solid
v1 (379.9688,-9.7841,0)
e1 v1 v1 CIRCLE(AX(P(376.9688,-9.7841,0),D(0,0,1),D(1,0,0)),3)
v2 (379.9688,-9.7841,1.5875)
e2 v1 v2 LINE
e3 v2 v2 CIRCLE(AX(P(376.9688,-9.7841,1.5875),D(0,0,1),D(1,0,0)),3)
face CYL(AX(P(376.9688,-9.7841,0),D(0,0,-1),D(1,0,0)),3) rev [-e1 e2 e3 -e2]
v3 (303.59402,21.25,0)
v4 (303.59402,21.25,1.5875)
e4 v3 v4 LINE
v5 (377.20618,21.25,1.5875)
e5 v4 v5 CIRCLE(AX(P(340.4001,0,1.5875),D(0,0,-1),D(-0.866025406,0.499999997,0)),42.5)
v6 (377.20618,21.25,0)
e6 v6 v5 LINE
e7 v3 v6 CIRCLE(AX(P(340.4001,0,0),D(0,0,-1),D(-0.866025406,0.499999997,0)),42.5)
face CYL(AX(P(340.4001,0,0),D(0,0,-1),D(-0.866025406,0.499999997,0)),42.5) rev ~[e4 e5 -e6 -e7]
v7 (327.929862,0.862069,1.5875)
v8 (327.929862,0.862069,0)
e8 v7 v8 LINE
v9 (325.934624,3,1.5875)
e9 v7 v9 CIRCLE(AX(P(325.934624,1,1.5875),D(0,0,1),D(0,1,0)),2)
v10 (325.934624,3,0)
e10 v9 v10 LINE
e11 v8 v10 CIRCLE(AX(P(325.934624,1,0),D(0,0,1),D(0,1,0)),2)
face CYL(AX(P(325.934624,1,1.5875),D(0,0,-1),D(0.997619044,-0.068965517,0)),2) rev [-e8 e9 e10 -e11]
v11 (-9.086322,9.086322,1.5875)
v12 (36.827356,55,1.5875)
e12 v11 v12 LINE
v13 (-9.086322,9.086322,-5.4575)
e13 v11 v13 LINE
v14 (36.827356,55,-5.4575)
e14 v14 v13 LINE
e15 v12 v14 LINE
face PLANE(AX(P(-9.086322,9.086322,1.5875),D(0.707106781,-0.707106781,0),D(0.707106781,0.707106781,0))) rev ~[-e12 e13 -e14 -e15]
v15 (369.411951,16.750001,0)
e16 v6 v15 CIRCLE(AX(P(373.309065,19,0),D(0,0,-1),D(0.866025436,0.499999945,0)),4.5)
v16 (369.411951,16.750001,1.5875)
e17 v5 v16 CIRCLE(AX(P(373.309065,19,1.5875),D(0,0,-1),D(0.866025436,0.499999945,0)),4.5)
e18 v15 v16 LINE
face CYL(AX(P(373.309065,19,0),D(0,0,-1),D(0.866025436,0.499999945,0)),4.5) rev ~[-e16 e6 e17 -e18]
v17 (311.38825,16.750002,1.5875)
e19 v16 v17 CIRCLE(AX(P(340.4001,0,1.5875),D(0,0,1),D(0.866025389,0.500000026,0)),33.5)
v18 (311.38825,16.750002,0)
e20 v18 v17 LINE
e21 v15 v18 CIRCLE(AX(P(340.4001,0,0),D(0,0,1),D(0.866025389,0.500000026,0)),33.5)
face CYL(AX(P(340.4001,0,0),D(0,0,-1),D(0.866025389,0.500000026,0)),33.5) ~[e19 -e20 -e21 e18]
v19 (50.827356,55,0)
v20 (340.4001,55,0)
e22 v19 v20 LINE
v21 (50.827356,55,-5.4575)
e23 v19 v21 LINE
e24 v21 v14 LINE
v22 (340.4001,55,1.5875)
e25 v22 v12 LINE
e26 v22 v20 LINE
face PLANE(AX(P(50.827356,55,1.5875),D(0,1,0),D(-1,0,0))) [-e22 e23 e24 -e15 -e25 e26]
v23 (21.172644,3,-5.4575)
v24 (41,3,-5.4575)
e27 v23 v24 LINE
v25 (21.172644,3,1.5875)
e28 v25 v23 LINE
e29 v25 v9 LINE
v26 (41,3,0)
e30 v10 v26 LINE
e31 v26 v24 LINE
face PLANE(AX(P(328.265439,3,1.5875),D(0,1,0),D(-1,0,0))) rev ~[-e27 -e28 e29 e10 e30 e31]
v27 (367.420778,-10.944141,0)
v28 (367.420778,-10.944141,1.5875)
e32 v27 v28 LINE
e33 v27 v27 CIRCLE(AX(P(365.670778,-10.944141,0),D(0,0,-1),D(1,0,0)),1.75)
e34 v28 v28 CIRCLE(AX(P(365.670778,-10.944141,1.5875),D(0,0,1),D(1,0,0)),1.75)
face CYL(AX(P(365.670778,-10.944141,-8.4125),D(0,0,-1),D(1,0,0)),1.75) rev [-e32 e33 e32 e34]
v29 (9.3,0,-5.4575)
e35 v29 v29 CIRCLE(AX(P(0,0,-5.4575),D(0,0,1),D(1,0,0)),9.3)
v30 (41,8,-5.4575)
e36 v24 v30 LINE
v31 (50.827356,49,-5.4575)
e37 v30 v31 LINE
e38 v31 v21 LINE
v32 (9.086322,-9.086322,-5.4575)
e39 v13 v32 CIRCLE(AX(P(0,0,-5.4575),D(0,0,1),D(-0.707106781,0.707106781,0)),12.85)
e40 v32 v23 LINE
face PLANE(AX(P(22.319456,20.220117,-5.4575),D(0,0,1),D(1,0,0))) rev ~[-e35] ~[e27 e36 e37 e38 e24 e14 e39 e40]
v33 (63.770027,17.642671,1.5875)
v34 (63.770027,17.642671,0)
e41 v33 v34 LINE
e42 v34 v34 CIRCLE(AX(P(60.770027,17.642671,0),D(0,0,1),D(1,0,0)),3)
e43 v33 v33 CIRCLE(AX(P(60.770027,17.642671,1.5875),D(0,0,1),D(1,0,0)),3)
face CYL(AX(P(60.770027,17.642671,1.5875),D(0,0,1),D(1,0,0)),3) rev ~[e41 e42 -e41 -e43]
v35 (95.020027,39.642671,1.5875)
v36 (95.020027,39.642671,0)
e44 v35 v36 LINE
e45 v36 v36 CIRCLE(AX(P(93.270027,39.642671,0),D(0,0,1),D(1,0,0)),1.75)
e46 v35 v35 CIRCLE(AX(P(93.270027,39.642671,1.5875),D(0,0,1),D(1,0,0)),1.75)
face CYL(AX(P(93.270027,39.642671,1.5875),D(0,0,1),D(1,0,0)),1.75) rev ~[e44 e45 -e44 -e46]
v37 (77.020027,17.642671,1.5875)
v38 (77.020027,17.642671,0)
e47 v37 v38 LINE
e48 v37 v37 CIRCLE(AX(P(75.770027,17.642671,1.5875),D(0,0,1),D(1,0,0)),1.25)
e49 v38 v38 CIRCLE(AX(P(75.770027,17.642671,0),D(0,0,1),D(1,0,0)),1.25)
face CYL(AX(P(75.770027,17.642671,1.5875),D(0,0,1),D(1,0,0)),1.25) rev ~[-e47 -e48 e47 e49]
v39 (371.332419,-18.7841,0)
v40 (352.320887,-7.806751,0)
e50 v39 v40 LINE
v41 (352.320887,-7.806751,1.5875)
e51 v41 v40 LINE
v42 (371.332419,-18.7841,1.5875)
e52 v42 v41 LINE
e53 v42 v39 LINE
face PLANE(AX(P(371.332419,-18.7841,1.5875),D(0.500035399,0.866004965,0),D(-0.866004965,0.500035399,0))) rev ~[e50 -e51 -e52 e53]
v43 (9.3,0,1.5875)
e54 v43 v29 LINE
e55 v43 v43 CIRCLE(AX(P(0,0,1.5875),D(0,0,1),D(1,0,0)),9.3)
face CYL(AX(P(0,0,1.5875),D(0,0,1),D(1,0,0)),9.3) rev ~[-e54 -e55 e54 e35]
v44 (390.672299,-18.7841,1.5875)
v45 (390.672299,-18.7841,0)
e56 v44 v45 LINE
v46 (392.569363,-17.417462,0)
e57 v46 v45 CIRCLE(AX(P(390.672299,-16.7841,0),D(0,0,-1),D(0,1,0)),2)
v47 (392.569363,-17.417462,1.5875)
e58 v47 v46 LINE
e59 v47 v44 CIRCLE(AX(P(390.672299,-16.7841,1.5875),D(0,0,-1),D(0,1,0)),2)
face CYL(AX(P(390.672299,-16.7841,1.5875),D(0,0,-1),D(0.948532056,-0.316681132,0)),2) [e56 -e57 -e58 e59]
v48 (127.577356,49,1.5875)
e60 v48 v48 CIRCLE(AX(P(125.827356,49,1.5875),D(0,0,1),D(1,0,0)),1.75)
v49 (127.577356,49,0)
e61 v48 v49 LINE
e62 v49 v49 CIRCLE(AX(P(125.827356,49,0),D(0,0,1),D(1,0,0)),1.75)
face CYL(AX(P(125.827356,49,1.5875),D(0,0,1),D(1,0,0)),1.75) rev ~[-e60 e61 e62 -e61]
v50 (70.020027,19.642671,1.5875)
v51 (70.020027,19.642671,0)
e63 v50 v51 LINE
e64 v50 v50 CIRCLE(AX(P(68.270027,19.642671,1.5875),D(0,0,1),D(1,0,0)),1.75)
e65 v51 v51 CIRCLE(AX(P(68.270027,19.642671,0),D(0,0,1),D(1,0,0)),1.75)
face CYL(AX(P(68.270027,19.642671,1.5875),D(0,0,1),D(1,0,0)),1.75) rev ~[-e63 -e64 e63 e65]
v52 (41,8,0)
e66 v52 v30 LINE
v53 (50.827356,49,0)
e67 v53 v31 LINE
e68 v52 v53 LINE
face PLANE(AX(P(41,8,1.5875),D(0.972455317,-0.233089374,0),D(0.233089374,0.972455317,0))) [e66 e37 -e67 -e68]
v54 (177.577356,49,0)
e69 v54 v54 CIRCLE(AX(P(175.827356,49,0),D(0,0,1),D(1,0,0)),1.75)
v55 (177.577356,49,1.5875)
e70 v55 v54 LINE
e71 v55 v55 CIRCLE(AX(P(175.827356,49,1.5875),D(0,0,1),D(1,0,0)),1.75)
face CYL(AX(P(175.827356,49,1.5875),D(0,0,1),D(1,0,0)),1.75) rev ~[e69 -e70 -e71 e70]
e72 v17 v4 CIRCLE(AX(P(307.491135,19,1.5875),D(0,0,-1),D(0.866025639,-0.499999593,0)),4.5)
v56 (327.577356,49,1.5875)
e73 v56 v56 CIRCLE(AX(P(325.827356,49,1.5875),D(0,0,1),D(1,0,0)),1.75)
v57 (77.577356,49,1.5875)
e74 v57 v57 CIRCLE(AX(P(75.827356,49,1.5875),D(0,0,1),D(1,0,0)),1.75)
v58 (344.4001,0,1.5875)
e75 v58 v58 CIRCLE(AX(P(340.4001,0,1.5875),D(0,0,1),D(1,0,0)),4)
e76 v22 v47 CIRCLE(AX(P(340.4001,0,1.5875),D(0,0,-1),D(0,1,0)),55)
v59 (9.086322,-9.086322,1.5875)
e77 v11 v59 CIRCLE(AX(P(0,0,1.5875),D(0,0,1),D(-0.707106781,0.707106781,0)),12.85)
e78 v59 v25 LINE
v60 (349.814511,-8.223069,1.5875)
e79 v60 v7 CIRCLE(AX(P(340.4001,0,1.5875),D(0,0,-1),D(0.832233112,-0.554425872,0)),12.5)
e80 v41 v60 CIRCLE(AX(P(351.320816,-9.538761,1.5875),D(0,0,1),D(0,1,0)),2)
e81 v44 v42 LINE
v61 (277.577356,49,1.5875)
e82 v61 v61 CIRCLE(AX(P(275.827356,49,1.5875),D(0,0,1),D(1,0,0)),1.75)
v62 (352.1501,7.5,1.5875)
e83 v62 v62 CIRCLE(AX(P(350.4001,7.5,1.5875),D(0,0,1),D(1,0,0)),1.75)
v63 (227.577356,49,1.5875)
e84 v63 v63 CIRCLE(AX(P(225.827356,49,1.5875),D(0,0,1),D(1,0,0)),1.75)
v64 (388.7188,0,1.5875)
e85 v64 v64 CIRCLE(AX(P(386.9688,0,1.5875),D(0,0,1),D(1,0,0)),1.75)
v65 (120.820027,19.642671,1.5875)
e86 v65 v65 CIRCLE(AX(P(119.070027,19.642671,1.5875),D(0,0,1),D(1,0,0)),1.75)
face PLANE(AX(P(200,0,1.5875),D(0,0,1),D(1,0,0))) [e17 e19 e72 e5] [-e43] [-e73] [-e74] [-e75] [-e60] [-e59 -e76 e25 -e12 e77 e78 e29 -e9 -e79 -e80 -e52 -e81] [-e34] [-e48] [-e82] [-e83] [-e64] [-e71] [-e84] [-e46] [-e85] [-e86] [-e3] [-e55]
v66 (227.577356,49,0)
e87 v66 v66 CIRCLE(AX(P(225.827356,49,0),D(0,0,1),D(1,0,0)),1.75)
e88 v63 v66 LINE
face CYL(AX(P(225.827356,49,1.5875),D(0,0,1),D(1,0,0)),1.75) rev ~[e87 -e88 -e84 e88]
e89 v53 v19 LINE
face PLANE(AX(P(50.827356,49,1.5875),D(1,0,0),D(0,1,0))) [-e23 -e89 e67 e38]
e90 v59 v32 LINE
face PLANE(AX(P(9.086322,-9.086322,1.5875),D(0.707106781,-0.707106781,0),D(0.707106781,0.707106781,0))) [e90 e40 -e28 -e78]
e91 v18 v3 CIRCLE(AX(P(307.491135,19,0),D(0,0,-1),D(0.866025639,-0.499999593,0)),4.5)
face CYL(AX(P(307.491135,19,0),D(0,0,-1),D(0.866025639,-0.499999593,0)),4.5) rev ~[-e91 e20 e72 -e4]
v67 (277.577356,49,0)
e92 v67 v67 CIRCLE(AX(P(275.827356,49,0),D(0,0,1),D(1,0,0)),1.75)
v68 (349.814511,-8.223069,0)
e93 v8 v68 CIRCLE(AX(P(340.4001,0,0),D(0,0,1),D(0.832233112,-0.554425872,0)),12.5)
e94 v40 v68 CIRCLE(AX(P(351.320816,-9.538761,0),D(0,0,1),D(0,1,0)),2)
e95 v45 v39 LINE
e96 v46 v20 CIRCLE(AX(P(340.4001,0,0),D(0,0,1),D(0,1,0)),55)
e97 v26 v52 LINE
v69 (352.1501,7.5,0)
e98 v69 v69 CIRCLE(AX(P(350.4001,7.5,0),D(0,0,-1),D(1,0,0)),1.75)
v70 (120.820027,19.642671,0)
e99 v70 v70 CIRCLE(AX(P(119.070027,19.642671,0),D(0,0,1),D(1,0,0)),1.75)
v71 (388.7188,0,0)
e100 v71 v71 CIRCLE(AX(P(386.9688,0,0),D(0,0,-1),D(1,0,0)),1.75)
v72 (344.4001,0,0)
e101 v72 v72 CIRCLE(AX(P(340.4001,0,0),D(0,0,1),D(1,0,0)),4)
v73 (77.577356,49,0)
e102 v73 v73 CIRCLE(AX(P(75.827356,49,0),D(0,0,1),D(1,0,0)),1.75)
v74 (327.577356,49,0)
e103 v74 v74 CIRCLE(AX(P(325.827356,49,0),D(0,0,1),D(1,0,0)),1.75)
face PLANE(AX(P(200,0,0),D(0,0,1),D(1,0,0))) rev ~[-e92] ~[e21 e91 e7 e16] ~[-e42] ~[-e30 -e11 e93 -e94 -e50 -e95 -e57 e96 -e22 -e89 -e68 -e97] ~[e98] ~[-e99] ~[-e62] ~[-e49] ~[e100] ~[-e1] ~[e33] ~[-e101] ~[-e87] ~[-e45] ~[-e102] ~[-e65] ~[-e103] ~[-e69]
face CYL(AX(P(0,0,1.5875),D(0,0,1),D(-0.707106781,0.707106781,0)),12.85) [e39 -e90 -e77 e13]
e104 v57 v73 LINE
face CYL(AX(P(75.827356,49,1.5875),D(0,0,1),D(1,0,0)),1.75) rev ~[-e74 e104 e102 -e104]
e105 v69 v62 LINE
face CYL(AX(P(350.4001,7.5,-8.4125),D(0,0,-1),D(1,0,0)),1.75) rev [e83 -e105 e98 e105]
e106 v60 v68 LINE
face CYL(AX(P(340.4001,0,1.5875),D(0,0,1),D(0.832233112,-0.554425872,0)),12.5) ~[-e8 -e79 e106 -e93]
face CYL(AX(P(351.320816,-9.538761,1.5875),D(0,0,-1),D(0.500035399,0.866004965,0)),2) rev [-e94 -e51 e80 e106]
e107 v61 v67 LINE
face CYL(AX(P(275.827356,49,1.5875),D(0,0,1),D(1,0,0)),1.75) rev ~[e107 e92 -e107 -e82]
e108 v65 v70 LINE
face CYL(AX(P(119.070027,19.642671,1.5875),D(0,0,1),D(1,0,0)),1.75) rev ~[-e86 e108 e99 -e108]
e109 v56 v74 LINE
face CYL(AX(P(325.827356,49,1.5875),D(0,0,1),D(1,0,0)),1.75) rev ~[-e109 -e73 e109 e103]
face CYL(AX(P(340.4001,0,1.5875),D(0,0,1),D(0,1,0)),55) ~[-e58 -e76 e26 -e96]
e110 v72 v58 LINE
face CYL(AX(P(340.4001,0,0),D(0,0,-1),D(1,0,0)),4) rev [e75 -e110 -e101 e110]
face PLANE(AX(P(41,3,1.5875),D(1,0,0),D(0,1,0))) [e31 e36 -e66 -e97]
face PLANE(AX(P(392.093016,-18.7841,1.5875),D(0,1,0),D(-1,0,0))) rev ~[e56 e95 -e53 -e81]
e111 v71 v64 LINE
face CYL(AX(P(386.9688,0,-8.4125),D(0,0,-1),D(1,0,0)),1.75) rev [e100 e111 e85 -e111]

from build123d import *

# Parameters (mm, degrees)
SKETCH1_W           = 500
SKETCH1_H           = 150
SKETCH1_R           = 9.3
SKETCH1_R_2         = 3
SKETCH1_R_3         = 4
BOSS_EXTRUDE1_DEPTH = 1.5875
SKETCH3_W           = 500
SKETCH3_H           = 150
CUT_EXTRUDE1_DEPTH  = 7
SKETCH4_R           = 9.3
CUT_EXTRUDE2_DEPTH  = 10
FILLET1_R           = 2
SKETCH5_R           = 1.75
SKETCH5_R_2         = 1.25
SKETCH5_R_3         = 3
CUT_EXTRUDE3_DEPTH  = 10
CUT_EXTRUDE4_START  = -10
SKETCH6_R           = 4
SKETCH6_R_2         = 3
SKETCH6_R_3         = 1.75
CUT_EXTRUDE4_DEPTH  = 10
SKETCH7_R           = 1.75
CUT_EXTRUDE5_DEPTH  = 246.38
SKETCH4_3_R         = 9.3
BOSS_EXTRUDE2_DEPTH = 7.045


with BuildPart() as part:
    # Sketch1 → Boss-Extrude1 (new body)
    with BuildSketch(Plane.XY):
        with Locations((200, 0)):
            Rectangle(SKETCH1_W, SKETCH1_H)
        Circle(SKETCH1_R, mode=Mode.SUBTRACT)
        with BuildLine():
            ThreePointArc((303.594020264, 21.24999987), (340.400100069, 42.5), (377.206179805, 21.249999751))
            ThreePointArc((377.206179805, 21.249999751), (375.559064779, 15.102885357), (369.411950518, 16.750000881))
            ThreePointArc((369.411950518, 16.750000881), (340.40010055, 33.5), (311.388250032, 16.750001833))
            ThreePointArc((311.388250032, 16.750001833), (305.241135638, 15.102885116), (303.594020264, 21.24999987))
        make_face(mode=Mode.SUBTRACT)
        with Locations((376.9688, -9.7841)):
            Circle(SKETCH1_R_2, mode=Mode.SUBTRACT)
        with Locations((340.4001, 0)):
            Circle(SKETCH1_R_3, mode=Mode.SUBTRACT)
    extrude(amount=BOSS_EXTRUDE1_DEPTH)

    # Sketch3 → Cut-Extrude1 (cut)
    with BuildSketch(Plane.XY.offset(1.5875)):
        with Locations((200, 0)):
            Rectangle(SKETCH3_W, SKETCH3_H)
        with BuildLine():
            Line((36.827355724, 55), (340.4001, 55))
            ThreePointArc((340.4001, 55), (385.445219047, 31.558473506), (392.093016219, -18.7841))
            Line((392.093016219, -18.7841), (371.332419214, -18.7841))
            Line((371.332419214, -18.7841), (350.803013897, -6.930323401))
            ThreePointArc((350.803013897, -6.930323401), (335.360003988, -11.438856245), (328.2654389, 3))
            Line((328.2654389, 3), (21.172644276, 3))
            Line((21.172644276, 3), (9.086322138, -9.086322138))
            ThreePointArc((9.086322138, -9.086322138), (-9.086322138, -9.086322138), (-9.086322138, 9.086322138))
            Line((-9.086322138, 9.086322138), (36.827355724, 55))
        make_face(mode=Mode.SUBTRACT)
    extrude(amount=-CUT_EXTRUDE1_DEPTH, mode=Mode.SUBTRACT)

    # Sketch4 → Cut-Extrude2 (cut)
    # profile 1 of 2: a face of its own
    with BuildSketch(Plane.XY.offset(1.5875)):
        Polygon((36.827355724, 55), (30.827355724, 49), (50.827355724, 49), (50.827355724, 55), align=None)
    # profile 2 of 2: a face of its own
    with BuildSketch(Plane.XY.offset(1.5875)):
        with BuildLine():
            Line((23.112698372, 8), (6.470027048, 24.642671324))
            Line((6.470027048, 24.642671324), (-9.086322138, 9.086322138))
            ThreePointArc((-9.086322138, 9.086322138), (-9.086322138, -9.086322138), (9.086322138, -9.086322138))
            Line((9.086322138, -9.086322138), (21.172644276, 3))
            Line((21.172644276, 3), (41, 3))
            Line((41, 3), (41, 8))
            Line((41, 8), (23.112698372, 8))
        make_face()
        Circle(SKETCH4_R, mode=Mode.SUBTRACT)
    extrude(amount=-CUT_EXTRUDE2_DEPTH, mode=Mode.SUBTRACT)

    # Fillet1
    fillet1_edges = [part.edges().sort_by_distance(p)[0] for p in [
        (392.093016219, -18.7841, 0.79375),
        (328.2654389, 3, 0.79375),
        (350.803013897, -6.930323401, 0.79375),
    ]]
    fillet(fillet1_edges, radius=FILLET1_R)

    # Sketch5 → Cut-Extrude3 (cut)
    with BuildSketch(Plane.XY.offset(1.5875)):
        with Locations((17.470027048, 19.642671324)):
            Circle(SKETCH5_R)
        with Locations((42.470027048, 39.642671324)):
            Circle(SKETCH5_R)
        with Locations((93.270027048, 39.642671324)):
            Circle(SKETCH5_R)
        with Locations((68.270027048, 19.642671324)):
            Circle(SKETCH5_R)
        with Locations((119.070027048, 19.642671324)):
            Circle(SKETCH5_R)
        with Locations((75.770027048, 17.642671324)):
            Circle(SKETCH5_R_2)
        with Locations((60.770027048, 17.642671324)):
            Circle(SKETCH5_R_3)
    extrude(amount=-CUT_EXTRUDE3_DEPTH, mode=Mode.SUBTRACT)

    # Sketch6 → Cut-Extrude4 (cut)
    with BuildSketch(Plane.XY.offset(1.5875).offset(CUT_EXTRUDE4_START)):
        with Locations((340.4001, 0)):
            Circle(SKETCH6_R)
        with Locations((376.9688, -9.7841)):
            Circle(SKETCH6_R_2)
        with Locations((350.4001, 7.5)):
            Circle(SKETCH6_R_3)
        with Locations((386.9688, 0)):
            Circle(SKETCH6_R_3)
        with Locations((365.670778247, -10.944141097)):
            Circle(SKETCH6_R_3)
    extrude(amount=CUT_EXTRUDE4_DEPTH, mode=Mode.SUBTRACT)

    # Sketch7 → Cut-Extrude5 (cut)
    with BuildSketch(Plane.XY.offset(1.5875)):
        with Locations((75.827355724, 49)):
            Circle(SKETCH7_R)
        with Locations((125.827355724, 49)):
            Circle(SKETCH7_R)
        with Locations((175.827355724, 49)):
            Circle(SKETCH7_R)
        with Locations((225.827355724, 49)):
            Circle(SKETCH7_R)
        with Locations((275.827355724, 49)):
            Circle(SKETCH7_R)
        with Locations((325.827355724, 49)):
            Circle(SKETCH7_R)
    extrude(amount=-CUT_EXTRUDE5_DEPTH, mode=Mode.SUBTRACT)

    # Sketch4<3> → Boss-Extrude2 (add)
    with BuildSketch(Plane.XY.offset(1.5875)):
        with BuildLine():
            Line((41, 8), (50.827355724, 49))
            Line((50.827355724, 49), (50.827355724, 55))
            Line((50.827355724, 55), (36.827355724, 55))
            Line((36.827355724, 55), (-9.086322138, 9.086322138))
            ThreePointArc((-9.086322138, 9.086322138), (-9.086322138, -9.086322138), (9.086322138, -9.086322138))
            Line((9.086322138, -9.086322138), (21.172644276, 3))
            Line((21.172644276, 3), (41, 3))
            Line((41, 3), (41, 8))
        make_face()
        Circle(SKETCH4_3_R, mode=Mode.SUBTRACT)
    extrude(amount=-BOSS_EXTRUDE2_DEPTH)


solid = part.part
